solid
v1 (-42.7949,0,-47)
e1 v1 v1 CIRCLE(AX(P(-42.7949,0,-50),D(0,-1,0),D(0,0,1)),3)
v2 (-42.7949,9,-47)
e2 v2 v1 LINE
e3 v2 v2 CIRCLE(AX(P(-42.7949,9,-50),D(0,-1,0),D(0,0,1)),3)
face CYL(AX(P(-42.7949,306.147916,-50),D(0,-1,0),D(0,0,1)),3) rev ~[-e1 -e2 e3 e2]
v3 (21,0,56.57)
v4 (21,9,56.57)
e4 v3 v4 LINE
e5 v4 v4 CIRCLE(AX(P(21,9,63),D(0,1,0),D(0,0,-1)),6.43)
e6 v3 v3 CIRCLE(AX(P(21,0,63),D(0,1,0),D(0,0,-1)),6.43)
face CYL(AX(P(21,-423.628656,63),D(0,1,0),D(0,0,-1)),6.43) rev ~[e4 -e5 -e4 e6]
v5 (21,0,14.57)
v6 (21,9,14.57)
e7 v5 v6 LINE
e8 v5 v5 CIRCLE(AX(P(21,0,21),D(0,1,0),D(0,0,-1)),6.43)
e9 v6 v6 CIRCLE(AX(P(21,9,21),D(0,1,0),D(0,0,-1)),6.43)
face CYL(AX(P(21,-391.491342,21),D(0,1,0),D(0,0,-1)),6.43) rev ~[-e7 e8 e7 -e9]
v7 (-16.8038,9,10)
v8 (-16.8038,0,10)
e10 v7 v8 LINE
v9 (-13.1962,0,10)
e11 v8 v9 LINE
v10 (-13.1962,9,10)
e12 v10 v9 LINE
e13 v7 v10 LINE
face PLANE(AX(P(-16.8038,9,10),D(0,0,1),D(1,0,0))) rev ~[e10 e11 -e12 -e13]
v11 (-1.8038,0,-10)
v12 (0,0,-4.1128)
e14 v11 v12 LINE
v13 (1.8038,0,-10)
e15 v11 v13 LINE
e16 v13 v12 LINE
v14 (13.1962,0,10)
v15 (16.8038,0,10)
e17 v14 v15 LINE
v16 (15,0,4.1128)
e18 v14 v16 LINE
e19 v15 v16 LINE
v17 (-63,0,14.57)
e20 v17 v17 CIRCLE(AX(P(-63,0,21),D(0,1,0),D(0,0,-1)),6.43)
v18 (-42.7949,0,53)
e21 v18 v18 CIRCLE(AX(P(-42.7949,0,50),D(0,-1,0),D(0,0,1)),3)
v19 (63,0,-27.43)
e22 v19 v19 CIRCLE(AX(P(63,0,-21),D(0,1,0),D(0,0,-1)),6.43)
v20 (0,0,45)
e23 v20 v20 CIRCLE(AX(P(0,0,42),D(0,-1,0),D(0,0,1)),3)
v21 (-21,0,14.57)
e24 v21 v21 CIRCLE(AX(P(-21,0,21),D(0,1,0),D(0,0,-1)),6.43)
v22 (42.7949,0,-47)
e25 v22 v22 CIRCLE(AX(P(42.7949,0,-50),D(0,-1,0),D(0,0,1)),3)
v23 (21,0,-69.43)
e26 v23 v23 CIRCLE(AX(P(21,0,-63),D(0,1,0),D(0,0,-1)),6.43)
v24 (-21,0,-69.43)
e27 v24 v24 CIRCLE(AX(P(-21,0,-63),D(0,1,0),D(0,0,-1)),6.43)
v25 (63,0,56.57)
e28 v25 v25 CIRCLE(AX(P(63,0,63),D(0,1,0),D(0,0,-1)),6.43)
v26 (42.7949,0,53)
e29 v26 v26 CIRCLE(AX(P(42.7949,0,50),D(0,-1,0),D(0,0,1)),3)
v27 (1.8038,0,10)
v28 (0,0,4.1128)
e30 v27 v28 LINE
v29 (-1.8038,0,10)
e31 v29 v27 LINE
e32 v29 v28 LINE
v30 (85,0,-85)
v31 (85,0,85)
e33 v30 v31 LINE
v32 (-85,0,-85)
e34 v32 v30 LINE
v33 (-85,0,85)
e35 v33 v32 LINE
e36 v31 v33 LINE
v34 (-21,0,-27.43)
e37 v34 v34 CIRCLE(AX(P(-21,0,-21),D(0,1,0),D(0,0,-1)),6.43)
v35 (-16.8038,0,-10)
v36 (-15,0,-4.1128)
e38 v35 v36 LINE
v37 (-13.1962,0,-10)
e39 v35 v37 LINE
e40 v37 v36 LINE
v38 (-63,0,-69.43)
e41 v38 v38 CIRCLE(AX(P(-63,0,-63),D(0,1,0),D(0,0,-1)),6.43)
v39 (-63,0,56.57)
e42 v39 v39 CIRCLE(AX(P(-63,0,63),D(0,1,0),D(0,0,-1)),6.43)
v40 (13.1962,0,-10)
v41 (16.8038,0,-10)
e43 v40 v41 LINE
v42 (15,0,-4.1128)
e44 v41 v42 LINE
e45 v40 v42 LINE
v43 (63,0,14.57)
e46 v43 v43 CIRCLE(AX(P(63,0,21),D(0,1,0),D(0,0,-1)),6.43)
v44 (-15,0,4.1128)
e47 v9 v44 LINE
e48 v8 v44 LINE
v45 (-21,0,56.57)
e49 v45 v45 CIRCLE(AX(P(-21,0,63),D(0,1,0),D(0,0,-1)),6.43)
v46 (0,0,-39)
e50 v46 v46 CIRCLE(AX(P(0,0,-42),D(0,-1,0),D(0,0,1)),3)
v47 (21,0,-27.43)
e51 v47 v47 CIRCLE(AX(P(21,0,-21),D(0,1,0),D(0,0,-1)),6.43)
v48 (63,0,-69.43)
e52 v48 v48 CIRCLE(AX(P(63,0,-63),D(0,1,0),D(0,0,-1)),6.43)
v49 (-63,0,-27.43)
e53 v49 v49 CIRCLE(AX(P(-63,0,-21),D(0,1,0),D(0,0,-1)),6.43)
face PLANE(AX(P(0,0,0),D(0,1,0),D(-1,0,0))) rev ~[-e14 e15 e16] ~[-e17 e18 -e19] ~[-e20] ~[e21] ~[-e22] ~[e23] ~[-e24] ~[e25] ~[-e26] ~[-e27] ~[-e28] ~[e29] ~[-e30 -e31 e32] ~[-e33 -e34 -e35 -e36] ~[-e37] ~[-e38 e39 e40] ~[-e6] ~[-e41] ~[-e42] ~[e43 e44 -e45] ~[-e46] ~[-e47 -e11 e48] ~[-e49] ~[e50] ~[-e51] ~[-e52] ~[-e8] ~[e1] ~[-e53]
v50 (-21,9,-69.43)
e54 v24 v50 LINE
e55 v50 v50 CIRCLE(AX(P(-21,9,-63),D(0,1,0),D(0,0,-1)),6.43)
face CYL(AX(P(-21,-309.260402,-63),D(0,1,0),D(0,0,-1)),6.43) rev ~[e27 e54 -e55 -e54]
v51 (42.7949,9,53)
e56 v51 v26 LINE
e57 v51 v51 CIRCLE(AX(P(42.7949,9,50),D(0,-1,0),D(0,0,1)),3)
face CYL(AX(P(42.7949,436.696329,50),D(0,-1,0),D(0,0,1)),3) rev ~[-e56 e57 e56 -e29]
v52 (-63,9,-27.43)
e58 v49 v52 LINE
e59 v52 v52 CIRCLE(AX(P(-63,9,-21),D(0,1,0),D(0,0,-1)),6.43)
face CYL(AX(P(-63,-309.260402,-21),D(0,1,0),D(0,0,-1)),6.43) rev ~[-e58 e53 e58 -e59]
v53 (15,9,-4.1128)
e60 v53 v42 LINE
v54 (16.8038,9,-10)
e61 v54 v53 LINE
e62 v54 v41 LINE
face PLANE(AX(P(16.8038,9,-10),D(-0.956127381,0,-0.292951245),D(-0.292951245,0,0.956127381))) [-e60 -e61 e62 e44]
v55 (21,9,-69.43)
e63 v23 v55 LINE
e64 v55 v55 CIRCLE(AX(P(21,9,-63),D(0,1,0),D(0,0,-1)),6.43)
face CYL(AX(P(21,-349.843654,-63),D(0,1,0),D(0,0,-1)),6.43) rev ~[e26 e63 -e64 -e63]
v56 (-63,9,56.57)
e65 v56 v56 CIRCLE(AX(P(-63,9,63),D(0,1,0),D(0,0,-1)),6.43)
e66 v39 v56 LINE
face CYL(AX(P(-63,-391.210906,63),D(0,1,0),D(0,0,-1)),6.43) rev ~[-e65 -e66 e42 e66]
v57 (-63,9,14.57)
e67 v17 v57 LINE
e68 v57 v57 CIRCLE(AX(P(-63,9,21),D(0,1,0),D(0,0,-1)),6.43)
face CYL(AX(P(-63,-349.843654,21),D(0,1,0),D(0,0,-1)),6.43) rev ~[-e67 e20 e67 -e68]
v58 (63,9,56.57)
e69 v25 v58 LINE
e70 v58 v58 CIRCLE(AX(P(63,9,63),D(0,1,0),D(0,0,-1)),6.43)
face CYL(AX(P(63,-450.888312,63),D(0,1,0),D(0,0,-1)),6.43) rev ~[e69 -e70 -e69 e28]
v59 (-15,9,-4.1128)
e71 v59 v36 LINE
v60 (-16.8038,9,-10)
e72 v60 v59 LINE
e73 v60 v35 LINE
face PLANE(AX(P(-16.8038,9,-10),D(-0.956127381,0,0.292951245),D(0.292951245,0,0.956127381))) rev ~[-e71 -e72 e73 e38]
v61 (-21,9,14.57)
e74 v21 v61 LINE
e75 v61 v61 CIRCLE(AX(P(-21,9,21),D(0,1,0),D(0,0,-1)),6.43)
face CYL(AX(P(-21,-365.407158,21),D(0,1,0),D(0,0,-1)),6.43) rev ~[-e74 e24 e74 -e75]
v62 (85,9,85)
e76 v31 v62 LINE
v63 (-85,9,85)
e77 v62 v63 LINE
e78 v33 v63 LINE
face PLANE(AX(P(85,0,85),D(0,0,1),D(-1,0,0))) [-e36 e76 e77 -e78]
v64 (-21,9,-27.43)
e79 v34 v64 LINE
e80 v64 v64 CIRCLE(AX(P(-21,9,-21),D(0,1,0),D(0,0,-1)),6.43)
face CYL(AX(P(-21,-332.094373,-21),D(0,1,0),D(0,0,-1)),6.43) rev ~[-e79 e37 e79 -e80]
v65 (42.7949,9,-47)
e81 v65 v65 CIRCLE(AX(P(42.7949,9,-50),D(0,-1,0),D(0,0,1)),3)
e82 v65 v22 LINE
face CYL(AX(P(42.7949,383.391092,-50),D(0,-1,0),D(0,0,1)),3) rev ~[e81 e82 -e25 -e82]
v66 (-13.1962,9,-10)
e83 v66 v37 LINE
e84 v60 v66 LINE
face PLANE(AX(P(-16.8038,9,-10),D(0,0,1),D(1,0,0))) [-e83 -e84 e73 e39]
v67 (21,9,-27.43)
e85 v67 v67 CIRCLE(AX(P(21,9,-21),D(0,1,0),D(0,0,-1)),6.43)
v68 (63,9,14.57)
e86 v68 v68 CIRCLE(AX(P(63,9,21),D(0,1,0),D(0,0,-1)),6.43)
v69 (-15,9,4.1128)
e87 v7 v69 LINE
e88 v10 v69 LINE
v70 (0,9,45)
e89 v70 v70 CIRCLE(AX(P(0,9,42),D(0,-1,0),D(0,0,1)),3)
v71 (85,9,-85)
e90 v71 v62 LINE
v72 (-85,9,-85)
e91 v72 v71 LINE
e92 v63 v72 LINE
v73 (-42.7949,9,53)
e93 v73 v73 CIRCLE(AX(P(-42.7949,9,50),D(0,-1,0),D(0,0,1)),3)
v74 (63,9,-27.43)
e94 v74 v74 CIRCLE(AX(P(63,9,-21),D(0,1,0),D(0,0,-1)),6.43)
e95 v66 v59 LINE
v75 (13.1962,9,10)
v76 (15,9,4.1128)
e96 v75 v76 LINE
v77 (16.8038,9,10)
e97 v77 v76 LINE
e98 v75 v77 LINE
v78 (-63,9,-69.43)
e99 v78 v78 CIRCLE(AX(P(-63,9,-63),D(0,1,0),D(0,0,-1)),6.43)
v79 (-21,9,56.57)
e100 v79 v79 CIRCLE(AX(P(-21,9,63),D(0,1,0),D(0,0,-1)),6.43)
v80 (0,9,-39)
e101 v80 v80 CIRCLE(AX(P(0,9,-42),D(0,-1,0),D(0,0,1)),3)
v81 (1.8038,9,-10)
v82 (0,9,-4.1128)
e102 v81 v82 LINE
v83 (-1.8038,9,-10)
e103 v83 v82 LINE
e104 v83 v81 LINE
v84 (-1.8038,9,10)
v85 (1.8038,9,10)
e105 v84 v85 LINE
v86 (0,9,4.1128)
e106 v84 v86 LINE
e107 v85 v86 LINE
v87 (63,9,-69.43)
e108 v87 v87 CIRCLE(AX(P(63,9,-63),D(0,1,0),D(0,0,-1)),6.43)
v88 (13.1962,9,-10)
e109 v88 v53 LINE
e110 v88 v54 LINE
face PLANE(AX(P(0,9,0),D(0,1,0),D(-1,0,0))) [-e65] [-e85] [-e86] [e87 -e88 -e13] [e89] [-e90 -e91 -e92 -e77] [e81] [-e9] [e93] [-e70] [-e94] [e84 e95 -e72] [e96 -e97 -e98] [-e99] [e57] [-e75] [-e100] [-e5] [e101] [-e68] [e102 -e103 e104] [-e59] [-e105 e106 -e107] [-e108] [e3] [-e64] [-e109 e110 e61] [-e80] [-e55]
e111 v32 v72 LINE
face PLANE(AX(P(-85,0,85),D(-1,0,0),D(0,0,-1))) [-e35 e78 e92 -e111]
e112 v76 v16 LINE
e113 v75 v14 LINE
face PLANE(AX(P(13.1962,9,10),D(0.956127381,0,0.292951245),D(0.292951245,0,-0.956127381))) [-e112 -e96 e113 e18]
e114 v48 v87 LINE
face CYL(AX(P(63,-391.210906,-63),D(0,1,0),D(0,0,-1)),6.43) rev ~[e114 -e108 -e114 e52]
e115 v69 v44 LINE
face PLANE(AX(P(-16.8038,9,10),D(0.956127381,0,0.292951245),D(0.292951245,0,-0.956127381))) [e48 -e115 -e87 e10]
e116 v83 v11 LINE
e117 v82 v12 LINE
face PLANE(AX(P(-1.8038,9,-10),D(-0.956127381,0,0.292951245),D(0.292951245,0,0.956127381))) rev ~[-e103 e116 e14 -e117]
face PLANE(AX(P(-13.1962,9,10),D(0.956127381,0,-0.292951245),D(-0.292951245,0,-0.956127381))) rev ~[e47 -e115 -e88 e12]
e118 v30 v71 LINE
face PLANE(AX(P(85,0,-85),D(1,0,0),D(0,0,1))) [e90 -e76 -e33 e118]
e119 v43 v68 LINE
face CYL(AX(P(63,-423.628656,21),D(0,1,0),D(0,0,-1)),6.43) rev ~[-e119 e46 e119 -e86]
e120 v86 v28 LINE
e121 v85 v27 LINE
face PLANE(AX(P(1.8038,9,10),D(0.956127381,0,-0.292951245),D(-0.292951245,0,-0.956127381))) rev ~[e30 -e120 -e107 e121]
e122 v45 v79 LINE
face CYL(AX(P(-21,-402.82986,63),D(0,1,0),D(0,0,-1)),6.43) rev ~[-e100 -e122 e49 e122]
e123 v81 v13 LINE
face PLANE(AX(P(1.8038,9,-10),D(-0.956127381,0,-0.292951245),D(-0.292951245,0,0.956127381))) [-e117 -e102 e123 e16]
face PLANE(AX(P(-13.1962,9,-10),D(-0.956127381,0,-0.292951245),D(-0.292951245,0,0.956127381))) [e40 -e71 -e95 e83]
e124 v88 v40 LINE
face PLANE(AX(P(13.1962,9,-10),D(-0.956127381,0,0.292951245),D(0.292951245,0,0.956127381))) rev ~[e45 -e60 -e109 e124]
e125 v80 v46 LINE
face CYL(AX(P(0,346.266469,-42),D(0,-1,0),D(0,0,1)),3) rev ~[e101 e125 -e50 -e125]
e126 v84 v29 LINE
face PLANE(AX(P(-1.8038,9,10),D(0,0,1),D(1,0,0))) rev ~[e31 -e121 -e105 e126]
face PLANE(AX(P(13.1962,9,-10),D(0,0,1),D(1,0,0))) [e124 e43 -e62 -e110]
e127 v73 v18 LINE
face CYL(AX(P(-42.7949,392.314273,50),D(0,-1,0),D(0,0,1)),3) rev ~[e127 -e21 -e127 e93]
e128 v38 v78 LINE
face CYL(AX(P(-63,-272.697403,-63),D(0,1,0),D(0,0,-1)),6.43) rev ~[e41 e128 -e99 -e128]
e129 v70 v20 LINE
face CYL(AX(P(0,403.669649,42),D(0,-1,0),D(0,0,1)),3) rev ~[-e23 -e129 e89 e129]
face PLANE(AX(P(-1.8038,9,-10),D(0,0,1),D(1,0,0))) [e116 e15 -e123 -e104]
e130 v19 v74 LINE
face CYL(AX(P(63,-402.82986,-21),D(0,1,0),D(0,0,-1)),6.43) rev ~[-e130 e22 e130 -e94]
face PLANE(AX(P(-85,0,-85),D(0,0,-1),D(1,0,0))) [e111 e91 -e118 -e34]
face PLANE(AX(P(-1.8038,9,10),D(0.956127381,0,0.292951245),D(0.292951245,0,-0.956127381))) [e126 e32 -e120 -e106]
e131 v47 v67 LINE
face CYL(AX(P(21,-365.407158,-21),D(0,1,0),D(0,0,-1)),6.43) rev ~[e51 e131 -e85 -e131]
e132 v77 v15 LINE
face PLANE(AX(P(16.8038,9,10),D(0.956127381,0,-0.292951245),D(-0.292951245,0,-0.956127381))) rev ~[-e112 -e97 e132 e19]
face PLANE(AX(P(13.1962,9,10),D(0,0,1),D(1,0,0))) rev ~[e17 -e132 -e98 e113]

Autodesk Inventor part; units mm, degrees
ref_plane "YZ Plane" through (0, 0, 0) normal (1, 0, 0) x (0, 1, 0)
ref_plane "XZ Plane" through (0, 0, 0) normal (0, 1, 0) x (-1, 0, 0)
ref_plane "XY Plane" through (0, 0, 0) normal (0, 0, 1) x (1, 0, 0)
sketch "Sketch1" plane through (0, 0, 0) normal (0, 1, 0) x (-1, 0, 0)
  line L0 (-85, 85) -> (85, 85)
  line L1 (85, 85) -> (85, -85)
  line L2 (85, -85) -> (-85, -85)
  line L3 (-85, -85) -> (-85, 85)
  line L4 (-85, 85) -> (85, -85) construction
  line L5 (85, 85) -> (-85, -85) construction
  point P0 (0, 0)
  point P1 (-63, -63)
  point P2 (-63, -21)
  point P3 (-63, 21)
  point P4 (-63, 63)
  point P5 (-21, -63)
  point P6 (-21, -21)
  point P7 (-21, 21)
  point P8 (-21, 63)
  point P9 (21, -63)
  point P10 (21, -21)
  point P11 (21, 21)
  point P12 (21, 63)
  point P13 (63, -63)
  point P14 (63, -21)
  point P15 (63, 21)
  point P16 (63, 63)
  dimension "d0" = 170
  dimension "d1" = 170
  dimension "d4" = 42
  dimension "d7" = 42
extrude "Extrusion1" add sketch "Sketch1" along normal blind 9
hole "Hole1" at (63, 0, -63) at (63, 0, -21) at (63, 0, 21) at (63, 0, 63) at (21, 0, -63) at (21, 0, -21) at (21, 0, 21) at (21, 0, 63) at (-21, 0, -63) at (-21, 0, -21) at (-21, 0, 21) at (-21, 0, 63) at (-63, 0, -63) at (-63, 0, -21) at (-63, 0, 21) at (-63, 0, 63) direction (0, 1, 0) diameter 12.86 end through all both
sketch "Sketch2" plane through (0, 9, 0) normal (0, 1, 0) x (1, 0, 0)
  line L0 (-33.7, -4.15) -> (33.7, -4.15)
  line L1 (33.7, -4.15) -> (33.7, 4.15)
  line L2 (33.7, 4.15) -> (-33.7, 4.15)
  line L3 (-33.7, 4.15) -> (-33.7, -4.15)
  line L4 (-33.7, -4.15) -> (33.7, 4.15) construction
  line L5 (33.7, -4.15) -> (-33.7, 4.15) construction
  point P0 (0, 0)
  dimension "d19" = 67.4
  dimension "d20" = 8.3
sketch "Sketch3" plane through (0, 9, 0) normal (0, 1, 0) x (1, 0, 0)
  line L0 (-42.7949, -50) -> (42.7949, -50) construction
  line L1 (42.7949, -50) -> (42.7949, 50) construction
  line L2 (42.7949, 50) -> (-42.7949, 50) construction
  line L3 (-42.7949, 50) -> (-42.7949, -50) construction
  line L4 (-42.7949, -50) -> (42.7949, 50) construction
  line L5 (42.7949, -50) -> (-42.7949, 50) construction
  point P0 (25, -42.5)
  point P1 (0, 0)
  dimension "d31" = 100
hole "Hole3" at (-42.7949, 9, -50) at (42.7949, 9, -50) at (42.7949, 9, 50) at (-42.7949, 9, 50) direction (0, -1, 0) diameter 6 end through all both
sketch "Sketch4" plane through (0, 9, 0) normal (0, 1, 0) x (1, 0, 0)
  circle A0 centre (42.7949, -50) radius 3 construction
  circle A1 centre (-42.7949, 50) radius 3 construction
  circle A2 centre (42.7949, 50) radius 3 construction
  circle A3 centre (-42.7949, -50) radius 3 construction
  circle A4 centre (-63, -21) radius 6.43 construction
  circle A5 centre (-63, 63) radius 6.43 construction
  circle A6 centre (-21, -21) radius 6.43 construction
  circle A7 centre (-21, 63) radius 6.43 construction
  circle A8 centre (21, -21) radius 6.43 construction
  circle A9 centre (21, 63) radius 6.43 construction
  circle A10 centre (63, -21) radius 6.43 construction
  circle A11 centre (63, 63) radius 6.43 construction
  circle A12 centre (63, 21) radius 6.43 construction
  circle A13 centre (63, -63) radius 6.43 construction
  circle A14 centre (21, 21) radius 6.43 construction
  circle A15 centre (21, -63) radius 6.43 construction
  circle A16 centre (-21, 21) radius 6.43 construction
  circle A17 centre (-21, -63) radius 6.43 construction
  circle A18 centre (-63, 21) radius 6.43 construction
  circle A19 centre (-63, -63) radius 6.43 construction
  line L0 (-85, -85) -> (85, -85) construction
  line L1 (85, -85) -> (85, 85) construction
  line L2 (85, 85) -> (-85, 85) construction
  line L3 (-85, 85) -> (-85, -85) construction
  line L4 (-85, 85) -> (85, 85) construction
  line L5 (-7.5, -85) -> (7.5, -85) construction
  line L6 (7.5, -85) -> (7.5, 85) construction
  line L7 (7.5, 85) -> (-7.5, 85) construction
  line L8 (-7.5, 85) -> (-7.5, -85) construction
  line L9 (-7.5, -85) -> (7.5, 85) construction
  line L10 (7.5, -85) -> (-7.5, 85) construction
  line L11 (-21, 63) -> (21, 63) construction
  line L12 (21, 63) -> (21, 21) construction
  line L13 (21, 21) -> (-21, 21) construction
  line L14 (-21, 21) -> (-21, 63) construction
  line L15 (-85, 0) -> (85, 0) construction
  point P0 (0, 0)
  point P1 (0, 42)
  point P2 (0, -42)
  dimension "d39" = 15
hole "Hole4" at (0, 9, -42) at (0, 9, 42) direction (0, -1, 0) diameter 6 end through all both
sketch "Sketch5" plane through (0, 9, 0) normal (0, 1, 0) x (1, 0, 0)
  line L0 (-33.7, -10) -> (33.7, -10) construction
  line L1 (33.7, -10) -> (33.7, 10) construction
  line L2 (33.7, 10) -> (-33.7, 10) construction
  line L3 (-33.7, 10) -> (-33.7, -10) construction
  line L4 (-33.7, -10) -> (33.7, 10) construction
  line L5 (33.7, -10) -> (-33.7, 10) construction
  line L6 (0, 10) -> (0, -10) construction
  line L7 (-1.8038, 10) -> (0, 4.1128)
  line L8 (1.8038, 10) -> (0, 4.1128)
  line L9 (-1.8038, 10) -> (1.8038, 10)
  line L10 (-33.7, 0) -> (33.7, 0) construction
  line L11 (-1.8038, -10) -> (0, -4.1128)
  line L12 (1.8038, -10) -> (0, -4.1128)
  line L13 (-1.8038, -10) -> (1.8038, -10)
  line L14 (-16.8038, 10) -> (-15, 4.1128)
  line L15 (-13.1962, 10) -> (-15, 4.1128)
  line L16 (-16.8038, 10) -> (-13.1962, 10)
  line L17 (13.1962, 10) -> (15, 4.1128)
  line L18 (16.8038, 10) -> (15, 4.1128)
  line L19 (13.1962, 10) -> (16.8038, 10)
  line L20 (-1.8038, 10) -> (0, 4.1128)
  line L21 (1.8038, 10) -> (0, 4.1128)
  line L22 (-1.8038, 10) -> (1.8038, 10)
  line L23 (-16.8038, -10) -> (-15, -4.1128)
  line L24 (-13.1962, -10) -> (-15, -4.1128)
  line L25 (-16.8038, -10) -> (-13.1962, -10)
  line L26 (13.1962, -10) -> (15, -4.1128)
  line L27 (16.8038, -10) -> (15, -4.1128)
  line L28 (13.1962, -10) -> (16.8038, -10)
  point P0 (0, 0)
  point P1 (-15, 10)
  point P2 (15, 10)
  point P3 (-15, -10)
  point P4 (15, -10)
  dimension "d47" = 67.4
  dimension "d50" = 20
  dimension "d53" = 15
  dimension "d56" = 15
extrude "Extrusion2" cut sketch "Sketch5" against normal blind 10 contours L9 L8 L7 | L11 L12 L13
extrude "Extrusion3" cut sketch "Sketch5" against normal blind 10 contours L16 L15 L14 | L19 L18 L17 | L23 L24 L25 | L26 L27 L28
properties part number "front_plate"
